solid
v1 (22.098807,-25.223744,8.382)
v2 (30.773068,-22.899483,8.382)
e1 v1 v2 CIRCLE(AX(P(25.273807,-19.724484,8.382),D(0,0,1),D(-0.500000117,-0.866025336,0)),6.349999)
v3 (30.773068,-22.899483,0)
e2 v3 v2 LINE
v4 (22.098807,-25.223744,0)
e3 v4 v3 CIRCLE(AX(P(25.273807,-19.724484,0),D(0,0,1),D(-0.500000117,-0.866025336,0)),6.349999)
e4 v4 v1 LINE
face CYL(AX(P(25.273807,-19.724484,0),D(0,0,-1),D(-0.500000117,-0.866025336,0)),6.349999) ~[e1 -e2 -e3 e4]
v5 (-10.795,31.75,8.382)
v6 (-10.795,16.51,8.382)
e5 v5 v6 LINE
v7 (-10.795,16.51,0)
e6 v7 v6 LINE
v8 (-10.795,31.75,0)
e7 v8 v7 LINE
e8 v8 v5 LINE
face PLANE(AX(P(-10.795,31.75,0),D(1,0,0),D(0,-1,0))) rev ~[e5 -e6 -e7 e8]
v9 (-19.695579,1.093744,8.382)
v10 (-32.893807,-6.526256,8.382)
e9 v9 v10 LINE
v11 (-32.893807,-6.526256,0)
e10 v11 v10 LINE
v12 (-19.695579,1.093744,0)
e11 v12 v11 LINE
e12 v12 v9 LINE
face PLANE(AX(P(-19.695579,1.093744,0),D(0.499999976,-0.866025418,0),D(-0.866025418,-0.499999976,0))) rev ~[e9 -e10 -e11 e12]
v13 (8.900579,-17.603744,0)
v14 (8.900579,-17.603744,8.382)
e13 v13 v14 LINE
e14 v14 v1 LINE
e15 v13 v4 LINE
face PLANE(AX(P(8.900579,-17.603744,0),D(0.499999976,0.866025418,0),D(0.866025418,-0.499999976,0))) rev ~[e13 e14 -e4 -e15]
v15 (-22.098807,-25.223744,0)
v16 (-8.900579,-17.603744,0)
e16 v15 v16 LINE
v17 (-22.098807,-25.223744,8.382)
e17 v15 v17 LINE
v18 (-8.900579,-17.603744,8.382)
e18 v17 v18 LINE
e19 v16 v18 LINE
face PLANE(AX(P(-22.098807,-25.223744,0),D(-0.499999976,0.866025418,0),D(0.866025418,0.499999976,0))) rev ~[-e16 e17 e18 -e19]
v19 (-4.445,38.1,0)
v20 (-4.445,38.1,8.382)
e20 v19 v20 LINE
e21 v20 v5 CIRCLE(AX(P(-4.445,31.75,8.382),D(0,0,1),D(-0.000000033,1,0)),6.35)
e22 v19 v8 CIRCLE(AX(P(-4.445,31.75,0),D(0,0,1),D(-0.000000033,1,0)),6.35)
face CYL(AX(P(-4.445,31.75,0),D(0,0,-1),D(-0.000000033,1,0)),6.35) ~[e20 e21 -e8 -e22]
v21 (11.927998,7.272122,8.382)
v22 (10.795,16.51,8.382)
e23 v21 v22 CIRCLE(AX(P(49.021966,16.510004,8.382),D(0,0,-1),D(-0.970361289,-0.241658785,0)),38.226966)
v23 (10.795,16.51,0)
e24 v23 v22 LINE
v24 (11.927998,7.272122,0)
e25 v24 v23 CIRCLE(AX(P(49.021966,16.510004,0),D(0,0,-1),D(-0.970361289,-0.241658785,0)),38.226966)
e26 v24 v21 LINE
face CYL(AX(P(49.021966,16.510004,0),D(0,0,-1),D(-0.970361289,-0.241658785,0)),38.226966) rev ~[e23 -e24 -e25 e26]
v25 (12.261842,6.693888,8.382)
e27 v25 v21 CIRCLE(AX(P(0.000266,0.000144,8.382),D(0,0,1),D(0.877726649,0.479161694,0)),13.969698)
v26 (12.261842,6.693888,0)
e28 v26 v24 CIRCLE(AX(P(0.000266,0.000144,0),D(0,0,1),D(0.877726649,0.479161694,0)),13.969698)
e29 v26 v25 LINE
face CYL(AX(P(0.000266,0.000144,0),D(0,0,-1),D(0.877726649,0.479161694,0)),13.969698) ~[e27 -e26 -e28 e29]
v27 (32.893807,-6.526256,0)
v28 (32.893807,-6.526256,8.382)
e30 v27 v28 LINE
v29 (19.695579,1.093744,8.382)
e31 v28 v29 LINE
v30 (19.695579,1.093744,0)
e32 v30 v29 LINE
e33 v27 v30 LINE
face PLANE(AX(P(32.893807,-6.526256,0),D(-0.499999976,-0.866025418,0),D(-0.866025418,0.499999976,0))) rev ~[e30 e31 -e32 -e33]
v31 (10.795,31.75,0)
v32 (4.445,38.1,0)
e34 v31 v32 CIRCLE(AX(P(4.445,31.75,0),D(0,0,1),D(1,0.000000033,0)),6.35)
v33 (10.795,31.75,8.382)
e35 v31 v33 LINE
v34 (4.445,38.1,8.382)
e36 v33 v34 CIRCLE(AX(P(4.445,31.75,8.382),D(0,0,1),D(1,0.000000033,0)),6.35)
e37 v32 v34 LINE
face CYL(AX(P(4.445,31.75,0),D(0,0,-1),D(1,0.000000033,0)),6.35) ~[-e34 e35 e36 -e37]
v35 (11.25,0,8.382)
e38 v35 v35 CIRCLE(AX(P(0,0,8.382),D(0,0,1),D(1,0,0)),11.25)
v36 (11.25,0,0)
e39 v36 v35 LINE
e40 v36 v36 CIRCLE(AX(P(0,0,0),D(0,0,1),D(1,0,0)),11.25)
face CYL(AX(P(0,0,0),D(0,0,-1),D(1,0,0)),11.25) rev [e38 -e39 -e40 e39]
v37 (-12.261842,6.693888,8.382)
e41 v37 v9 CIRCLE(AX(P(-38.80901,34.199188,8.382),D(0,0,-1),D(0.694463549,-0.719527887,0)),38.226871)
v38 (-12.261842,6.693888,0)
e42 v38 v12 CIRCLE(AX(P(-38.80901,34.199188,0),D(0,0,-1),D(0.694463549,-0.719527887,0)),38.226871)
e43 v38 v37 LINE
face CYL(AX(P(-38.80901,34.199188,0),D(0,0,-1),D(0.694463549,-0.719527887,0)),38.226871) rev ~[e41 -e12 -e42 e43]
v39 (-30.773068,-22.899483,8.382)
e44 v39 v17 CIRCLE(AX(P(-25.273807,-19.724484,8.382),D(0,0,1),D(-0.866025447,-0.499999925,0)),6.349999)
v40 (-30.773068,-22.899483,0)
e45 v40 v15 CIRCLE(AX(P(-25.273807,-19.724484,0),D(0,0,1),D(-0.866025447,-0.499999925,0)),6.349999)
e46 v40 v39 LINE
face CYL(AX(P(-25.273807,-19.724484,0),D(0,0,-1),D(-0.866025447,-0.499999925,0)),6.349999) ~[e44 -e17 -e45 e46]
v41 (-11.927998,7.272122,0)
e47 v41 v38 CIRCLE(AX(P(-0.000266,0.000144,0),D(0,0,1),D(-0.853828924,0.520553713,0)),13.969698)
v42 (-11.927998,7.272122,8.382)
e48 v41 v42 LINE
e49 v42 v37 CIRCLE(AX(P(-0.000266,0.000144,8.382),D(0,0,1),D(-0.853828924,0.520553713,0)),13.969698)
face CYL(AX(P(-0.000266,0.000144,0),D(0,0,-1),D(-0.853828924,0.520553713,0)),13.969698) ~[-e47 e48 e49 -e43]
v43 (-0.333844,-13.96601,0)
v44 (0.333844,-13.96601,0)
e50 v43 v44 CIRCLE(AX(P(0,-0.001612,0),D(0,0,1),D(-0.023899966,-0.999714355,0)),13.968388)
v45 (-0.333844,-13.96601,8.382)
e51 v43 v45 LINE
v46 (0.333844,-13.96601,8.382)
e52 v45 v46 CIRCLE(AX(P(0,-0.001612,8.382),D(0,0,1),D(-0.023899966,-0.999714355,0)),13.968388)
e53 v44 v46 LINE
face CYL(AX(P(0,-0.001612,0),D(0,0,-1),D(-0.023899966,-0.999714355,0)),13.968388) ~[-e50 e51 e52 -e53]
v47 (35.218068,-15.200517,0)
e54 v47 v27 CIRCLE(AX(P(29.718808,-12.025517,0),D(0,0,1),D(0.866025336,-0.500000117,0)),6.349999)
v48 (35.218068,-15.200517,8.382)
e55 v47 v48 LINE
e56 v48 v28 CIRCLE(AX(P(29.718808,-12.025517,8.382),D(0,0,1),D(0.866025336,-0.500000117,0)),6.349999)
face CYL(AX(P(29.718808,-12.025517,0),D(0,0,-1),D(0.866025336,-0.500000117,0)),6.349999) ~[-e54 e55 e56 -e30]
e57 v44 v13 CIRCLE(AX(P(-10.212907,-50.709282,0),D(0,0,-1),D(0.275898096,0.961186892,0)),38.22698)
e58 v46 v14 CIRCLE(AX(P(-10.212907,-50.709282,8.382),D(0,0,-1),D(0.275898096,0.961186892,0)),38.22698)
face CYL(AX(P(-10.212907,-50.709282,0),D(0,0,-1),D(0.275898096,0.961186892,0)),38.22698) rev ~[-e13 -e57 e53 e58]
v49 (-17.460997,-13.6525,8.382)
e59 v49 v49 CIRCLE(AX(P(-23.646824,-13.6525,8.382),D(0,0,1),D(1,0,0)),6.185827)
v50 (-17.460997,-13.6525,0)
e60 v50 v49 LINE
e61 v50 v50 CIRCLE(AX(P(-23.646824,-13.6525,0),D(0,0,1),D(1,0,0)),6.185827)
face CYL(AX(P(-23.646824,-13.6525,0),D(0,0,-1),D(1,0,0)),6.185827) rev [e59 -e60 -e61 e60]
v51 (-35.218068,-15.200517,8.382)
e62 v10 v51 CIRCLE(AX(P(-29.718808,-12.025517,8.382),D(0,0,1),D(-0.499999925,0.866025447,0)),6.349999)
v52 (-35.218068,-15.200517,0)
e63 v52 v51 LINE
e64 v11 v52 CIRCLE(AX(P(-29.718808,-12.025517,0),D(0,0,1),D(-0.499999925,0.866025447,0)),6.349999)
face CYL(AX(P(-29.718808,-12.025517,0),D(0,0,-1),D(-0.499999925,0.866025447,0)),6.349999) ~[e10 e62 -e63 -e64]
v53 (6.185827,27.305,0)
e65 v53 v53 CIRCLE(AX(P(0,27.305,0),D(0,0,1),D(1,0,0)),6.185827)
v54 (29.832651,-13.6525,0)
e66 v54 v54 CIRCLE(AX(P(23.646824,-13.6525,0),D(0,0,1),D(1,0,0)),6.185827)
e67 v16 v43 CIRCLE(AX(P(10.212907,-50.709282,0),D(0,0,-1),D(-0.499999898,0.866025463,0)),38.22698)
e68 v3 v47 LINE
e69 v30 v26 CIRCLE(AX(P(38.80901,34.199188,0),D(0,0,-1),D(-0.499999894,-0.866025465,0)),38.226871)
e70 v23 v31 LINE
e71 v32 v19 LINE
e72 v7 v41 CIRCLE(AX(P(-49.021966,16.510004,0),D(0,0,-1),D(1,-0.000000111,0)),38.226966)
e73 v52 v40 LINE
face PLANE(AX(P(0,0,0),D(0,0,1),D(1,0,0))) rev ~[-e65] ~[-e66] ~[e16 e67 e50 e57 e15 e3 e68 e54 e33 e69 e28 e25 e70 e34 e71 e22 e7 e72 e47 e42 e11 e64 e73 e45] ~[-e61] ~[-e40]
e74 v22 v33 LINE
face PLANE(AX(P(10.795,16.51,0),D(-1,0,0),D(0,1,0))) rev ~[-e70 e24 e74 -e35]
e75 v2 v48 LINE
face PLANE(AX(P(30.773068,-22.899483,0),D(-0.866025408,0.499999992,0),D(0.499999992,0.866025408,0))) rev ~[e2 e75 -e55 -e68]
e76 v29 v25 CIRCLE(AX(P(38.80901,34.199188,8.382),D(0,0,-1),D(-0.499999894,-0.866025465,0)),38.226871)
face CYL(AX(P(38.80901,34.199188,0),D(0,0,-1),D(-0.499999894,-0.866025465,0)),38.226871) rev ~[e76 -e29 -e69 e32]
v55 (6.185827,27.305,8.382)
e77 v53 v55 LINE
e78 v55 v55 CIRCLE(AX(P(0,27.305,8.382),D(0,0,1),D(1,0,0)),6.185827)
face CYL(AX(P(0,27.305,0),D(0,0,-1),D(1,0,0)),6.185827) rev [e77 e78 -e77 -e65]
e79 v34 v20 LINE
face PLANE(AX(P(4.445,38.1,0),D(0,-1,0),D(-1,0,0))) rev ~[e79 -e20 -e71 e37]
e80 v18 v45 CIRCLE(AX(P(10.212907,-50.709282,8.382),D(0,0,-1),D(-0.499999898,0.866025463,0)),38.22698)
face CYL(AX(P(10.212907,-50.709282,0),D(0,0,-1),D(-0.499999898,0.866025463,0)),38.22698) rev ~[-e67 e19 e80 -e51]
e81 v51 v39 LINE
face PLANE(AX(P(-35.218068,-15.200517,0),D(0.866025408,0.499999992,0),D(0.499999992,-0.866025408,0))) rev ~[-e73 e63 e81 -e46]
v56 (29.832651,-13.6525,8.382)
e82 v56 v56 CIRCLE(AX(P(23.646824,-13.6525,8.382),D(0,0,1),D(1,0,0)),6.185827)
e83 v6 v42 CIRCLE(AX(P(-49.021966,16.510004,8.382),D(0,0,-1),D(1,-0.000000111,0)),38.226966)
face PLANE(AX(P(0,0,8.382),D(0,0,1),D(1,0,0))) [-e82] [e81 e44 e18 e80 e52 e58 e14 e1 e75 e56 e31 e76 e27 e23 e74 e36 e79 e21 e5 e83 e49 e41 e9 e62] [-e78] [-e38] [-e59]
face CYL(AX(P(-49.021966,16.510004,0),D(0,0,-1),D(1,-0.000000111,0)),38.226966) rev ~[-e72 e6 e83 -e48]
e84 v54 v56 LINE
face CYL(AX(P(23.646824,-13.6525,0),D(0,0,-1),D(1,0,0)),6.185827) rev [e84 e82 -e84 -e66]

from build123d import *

# Parameters (mm, degrees)
F0_R     = 6.185827
F0_R_2   = 11.25
F1_DEPTH = 8.382


with BuildPart() as f1:
    # F0 (on Top) → F1 (new body)
    with BuildSketch(Plane.XY):
        with BuildLine():
            ThreePointArc((-10.795, 16.51), (-11.079307, 11.856451), (-11.927998, 7.272122))
            ThreePointArc((-11.927998, 7.272122), (-12.098375, 6.985), (-12.261842, 6.693888))
            ThreePointArc((-12.261842, 6.693888), (-15.807641, 3.666735), (-19.695579, 1.093744))
            Line((-19.695579, 1.093744), (-32.893807, -6.526256))
            ThreePointArc((-32.893807, -6.526256), (-35.852436, -10.382016), (-35.218068, -15.200517))
            Line((-35.218068, -15.200517), (-30.773068, -22.899483))
            ThreePointArc((-30.773068, -22.899483), (-26.917308, -25.858112), (-22.098807, -25.223744))
            Line((-22.098807, -25.223744), (-8.900579, -17.603744))
            ThreePointArc((-8.900579, -17.603744), (-4.728335, -15.523187), (-0.333844, -13.96601))
            ThreePointArc((-0.333844, -13.96601), (0, -13.97), (0.333844, -13.96601))
            ThreePointArc((0.333844, -13.96601), (4.728335, -15.523187), (8.900579, -17.603744))
            Line((8.900579, -17.603744), (22.098807, -25.223744))
            ThreePointArc((22.098807, -25.223744), (26.917308, -25.858112), (30.773068, -22.899483))
            Line((30.773068, -22.899483), (35.218068, -15.200517))
            ThreePointArc((35.218068, -15.200517), (35.852436, -10.382016), (32.893807, -6.526256))
            Line((32.893807, -6.526256), (19.695579, 1.093744))
            ThreePointArc((19.695579, 1.093744), (15.807641, 3.666735), (12.261842, 6.693888))
            ThreePointArc((12.261842, 6.693888), (12.098375, 6.985), (11.927998, 7.272122))
            ThreePointArc((11.927998, 7.272122), (11.079307, 11.856451), (10.795, 16.51))
            Line((10.795, 16.51), (10.795, 31.75))
            ThreePointArc((10.795, 31.75), (8.935128, 36.240128), (4.445, 38.1))
            Line((4.445, 38.1), (-4.445, 38.1))
            ThreePointArc((-4.445, 38.1), (-8.935128, 36.240128), (-10.795, 31.75))
            Line((-10.795, 31.75), (-10.795, 16.51))
        make_face()
        with Locations((-23.646824, -13.6525)):
            Circle(F0_R, mode=Mode.SUBTRACT)
        with Locations((23.646824, -13.6525)):
            Circle(F0_R, mode=Mode.SUBTRACT)
        Circle(F0_R_2, mode=Mode.SUBTRACT)
        with Locations((0, 27.305)):
            Circle(F0_R, mode=Mode.SUBTRACT)
    extrude(amount=F1_DEPTH)


solid = f1.part
